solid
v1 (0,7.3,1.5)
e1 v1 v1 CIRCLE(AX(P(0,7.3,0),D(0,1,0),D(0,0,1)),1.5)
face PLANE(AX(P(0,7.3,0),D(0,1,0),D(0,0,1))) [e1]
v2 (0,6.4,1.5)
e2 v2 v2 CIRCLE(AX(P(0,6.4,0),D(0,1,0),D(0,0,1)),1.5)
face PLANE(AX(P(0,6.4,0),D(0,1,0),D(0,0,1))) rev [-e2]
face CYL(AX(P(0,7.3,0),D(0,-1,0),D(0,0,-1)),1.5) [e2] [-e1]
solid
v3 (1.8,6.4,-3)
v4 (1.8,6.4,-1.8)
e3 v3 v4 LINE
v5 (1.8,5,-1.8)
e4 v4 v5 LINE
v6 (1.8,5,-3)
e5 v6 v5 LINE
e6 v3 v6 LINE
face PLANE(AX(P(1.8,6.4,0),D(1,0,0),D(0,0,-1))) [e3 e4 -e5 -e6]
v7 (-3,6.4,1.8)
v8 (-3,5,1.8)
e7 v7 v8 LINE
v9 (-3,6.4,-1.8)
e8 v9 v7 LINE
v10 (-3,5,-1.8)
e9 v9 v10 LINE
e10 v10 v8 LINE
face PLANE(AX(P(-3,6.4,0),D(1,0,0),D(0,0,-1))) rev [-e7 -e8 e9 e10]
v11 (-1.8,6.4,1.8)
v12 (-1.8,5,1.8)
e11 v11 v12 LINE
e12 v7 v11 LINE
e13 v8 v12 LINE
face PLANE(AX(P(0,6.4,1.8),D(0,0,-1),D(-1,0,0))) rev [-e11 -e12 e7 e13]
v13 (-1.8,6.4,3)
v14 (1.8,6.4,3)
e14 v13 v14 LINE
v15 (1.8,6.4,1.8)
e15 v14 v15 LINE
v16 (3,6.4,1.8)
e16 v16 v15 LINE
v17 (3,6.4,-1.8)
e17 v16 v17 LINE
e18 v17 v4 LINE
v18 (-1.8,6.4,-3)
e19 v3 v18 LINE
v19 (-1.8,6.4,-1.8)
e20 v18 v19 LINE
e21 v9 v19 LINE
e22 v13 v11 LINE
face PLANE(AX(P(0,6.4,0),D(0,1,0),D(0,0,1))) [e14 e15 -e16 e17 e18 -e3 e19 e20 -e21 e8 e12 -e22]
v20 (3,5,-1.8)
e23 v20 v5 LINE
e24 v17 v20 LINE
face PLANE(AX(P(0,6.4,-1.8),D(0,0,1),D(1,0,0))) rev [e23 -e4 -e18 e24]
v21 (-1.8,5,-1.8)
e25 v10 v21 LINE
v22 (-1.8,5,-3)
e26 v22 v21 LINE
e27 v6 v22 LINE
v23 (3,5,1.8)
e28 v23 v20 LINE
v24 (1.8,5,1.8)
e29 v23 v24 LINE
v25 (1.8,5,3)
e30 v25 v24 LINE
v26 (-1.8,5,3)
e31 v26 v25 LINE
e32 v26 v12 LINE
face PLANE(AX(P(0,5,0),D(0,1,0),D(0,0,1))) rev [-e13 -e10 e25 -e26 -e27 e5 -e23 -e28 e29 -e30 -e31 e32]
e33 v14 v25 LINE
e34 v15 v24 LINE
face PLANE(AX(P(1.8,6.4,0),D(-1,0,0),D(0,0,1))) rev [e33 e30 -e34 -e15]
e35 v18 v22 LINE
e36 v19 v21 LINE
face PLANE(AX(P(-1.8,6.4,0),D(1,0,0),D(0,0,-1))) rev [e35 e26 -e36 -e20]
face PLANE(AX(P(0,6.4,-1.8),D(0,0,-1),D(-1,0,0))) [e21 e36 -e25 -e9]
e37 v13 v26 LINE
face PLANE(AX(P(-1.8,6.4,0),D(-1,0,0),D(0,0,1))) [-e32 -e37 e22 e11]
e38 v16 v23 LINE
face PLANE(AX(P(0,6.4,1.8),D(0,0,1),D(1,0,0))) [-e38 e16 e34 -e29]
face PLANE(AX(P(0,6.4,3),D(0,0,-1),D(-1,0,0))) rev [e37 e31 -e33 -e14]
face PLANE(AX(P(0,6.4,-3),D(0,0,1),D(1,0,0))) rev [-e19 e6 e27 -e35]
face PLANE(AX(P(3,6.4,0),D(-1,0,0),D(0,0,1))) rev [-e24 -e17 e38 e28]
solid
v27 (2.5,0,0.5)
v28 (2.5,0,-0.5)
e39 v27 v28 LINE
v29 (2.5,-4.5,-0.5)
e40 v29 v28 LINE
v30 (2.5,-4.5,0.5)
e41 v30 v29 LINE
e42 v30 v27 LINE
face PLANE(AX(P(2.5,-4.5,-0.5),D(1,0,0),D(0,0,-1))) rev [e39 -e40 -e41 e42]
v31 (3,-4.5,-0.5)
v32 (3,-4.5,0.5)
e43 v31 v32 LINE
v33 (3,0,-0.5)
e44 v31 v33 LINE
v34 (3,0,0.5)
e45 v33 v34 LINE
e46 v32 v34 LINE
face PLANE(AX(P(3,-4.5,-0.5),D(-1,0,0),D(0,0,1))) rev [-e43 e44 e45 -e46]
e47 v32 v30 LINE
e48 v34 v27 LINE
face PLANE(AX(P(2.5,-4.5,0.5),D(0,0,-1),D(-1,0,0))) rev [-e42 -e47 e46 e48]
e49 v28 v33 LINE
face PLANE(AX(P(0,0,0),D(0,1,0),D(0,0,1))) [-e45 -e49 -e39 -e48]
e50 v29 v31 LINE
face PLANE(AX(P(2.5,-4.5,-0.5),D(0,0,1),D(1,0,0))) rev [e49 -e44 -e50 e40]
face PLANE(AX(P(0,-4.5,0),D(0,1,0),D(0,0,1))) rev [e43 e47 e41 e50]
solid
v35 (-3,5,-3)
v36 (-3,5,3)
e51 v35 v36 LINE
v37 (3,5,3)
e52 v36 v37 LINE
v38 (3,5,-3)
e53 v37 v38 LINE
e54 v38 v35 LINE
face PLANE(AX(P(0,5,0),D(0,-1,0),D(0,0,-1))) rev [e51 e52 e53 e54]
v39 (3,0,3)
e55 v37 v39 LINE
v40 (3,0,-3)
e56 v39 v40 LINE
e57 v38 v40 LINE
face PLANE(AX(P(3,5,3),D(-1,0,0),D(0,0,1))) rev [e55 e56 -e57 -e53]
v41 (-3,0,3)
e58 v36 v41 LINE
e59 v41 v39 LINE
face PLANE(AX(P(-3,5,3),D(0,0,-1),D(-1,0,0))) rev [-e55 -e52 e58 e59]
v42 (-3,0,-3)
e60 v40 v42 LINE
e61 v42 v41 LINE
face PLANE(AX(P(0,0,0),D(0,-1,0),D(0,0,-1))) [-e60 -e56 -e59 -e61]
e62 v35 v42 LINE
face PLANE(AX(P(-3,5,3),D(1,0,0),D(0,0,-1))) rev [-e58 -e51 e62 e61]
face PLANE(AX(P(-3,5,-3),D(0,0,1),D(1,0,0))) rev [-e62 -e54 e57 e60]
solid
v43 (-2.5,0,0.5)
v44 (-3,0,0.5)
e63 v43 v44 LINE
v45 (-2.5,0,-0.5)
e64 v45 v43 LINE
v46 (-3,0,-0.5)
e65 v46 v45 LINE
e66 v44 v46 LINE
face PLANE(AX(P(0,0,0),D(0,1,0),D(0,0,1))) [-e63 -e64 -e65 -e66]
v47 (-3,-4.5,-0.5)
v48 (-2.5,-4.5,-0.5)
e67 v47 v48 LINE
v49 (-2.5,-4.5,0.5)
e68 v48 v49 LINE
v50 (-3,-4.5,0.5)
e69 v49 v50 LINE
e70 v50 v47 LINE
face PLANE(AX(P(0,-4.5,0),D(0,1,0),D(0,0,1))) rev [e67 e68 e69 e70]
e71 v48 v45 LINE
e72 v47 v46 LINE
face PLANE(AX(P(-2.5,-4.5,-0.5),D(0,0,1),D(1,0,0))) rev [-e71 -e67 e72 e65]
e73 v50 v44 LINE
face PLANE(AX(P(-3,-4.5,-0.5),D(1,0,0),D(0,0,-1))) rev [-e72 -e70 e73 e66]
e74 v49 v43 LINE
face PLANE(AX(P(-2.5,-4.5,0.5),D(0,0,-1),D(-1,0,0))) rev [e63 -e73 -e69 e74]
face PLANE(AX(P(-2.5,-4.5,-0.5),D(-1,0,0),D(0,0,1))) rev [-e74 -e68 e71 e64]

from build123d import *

# Parameters (mm, degrees)
SKETCH_1_W        = 6
SKETCH_1_H        = 6
EXTRUDE_1_DEPTH   = 5
EXTRUDE_2_DEPTH   = 1.4
SKETCH_4_R        = 1.5
EXTRUDE_3_DEPTH   = 0.9
SKETCH_5_W        = 0.5
SKETCH_5_H        = 1
EXTRUDE_4_DEPTH   = 4.5
EXTRUDE_4_2_DEPTH = 4.5


with BuildPart() as part:
    # 草图1 → 凸台-拉伸1 (new body)
    with BuildSketch(Plane(origin=(0, 0, 0), x_dir=(1, 0, 0), z_dir=(0, 1, 0))):
        Rectangle(SKETCH_1_W, SKETCH_1_H)
    extrude(amount=EXTRUDE_1_DEPTH)


with BuildPart() as body_2:
    # 草图3 → 凸台-拉伸2 (new body)
    with BuildSketch(Plane(origin=(0, 5, 0), x_dir=(1, 0, 0), z_dir=(0, 1, 0))):
        Polygon((1.8, 1.8), (1.8, 3), (-1.8, 3), (-1.8, 1.8), (-3, 1.8), (-3, -1.8), (-1.8, -1.8), (-1.8, -3), (1.8, -3), (1.8, -1.8), (3, -1.8), (3, 1.8), align=None)
    extrude(amount=EXTRUDE_2_DEPTH)


with BuildPart() as body_3:
    # 草图4 → 凸台-拉伸3 (new body)
    with BuildSketch(Plane(origin=(0, 6.4, 0), x_dir=(1, 0, 0), z_dir=(0, 1, 0))):
        with Locations(Location((0, 0, 0), (0, 0, 270))):
            Circle(SKETCH_4_R)
    extrude(amount=EXTRUDE_3_DEPTH)


with BuildPart() as body_4:
    # 草图5 → 凸台-拉伸4 (new body)
    with BuildSketch(Plane.XZ):
        with Locations((2.75, 0)):
            Rectangle(SKETCH_5_W, SKETCH_5_H)
    extrude(amount=EXTRUDE_4_DEPTH)


with BuildPart() as body_5:
    # 草图5 → Extrude 4 2 (new body)
    with BuildSketch(Plane.XZ):
        with Locations((-2.75, 0)):
            Rectangle(SKETCH_5_W, SKETCH_5_H)
    extrude(amount=EXTRUDE_4_2_DEPTH)


solid = Compound([part.part, body_2.part, body_3.part, body_4.part, body_5.part])
